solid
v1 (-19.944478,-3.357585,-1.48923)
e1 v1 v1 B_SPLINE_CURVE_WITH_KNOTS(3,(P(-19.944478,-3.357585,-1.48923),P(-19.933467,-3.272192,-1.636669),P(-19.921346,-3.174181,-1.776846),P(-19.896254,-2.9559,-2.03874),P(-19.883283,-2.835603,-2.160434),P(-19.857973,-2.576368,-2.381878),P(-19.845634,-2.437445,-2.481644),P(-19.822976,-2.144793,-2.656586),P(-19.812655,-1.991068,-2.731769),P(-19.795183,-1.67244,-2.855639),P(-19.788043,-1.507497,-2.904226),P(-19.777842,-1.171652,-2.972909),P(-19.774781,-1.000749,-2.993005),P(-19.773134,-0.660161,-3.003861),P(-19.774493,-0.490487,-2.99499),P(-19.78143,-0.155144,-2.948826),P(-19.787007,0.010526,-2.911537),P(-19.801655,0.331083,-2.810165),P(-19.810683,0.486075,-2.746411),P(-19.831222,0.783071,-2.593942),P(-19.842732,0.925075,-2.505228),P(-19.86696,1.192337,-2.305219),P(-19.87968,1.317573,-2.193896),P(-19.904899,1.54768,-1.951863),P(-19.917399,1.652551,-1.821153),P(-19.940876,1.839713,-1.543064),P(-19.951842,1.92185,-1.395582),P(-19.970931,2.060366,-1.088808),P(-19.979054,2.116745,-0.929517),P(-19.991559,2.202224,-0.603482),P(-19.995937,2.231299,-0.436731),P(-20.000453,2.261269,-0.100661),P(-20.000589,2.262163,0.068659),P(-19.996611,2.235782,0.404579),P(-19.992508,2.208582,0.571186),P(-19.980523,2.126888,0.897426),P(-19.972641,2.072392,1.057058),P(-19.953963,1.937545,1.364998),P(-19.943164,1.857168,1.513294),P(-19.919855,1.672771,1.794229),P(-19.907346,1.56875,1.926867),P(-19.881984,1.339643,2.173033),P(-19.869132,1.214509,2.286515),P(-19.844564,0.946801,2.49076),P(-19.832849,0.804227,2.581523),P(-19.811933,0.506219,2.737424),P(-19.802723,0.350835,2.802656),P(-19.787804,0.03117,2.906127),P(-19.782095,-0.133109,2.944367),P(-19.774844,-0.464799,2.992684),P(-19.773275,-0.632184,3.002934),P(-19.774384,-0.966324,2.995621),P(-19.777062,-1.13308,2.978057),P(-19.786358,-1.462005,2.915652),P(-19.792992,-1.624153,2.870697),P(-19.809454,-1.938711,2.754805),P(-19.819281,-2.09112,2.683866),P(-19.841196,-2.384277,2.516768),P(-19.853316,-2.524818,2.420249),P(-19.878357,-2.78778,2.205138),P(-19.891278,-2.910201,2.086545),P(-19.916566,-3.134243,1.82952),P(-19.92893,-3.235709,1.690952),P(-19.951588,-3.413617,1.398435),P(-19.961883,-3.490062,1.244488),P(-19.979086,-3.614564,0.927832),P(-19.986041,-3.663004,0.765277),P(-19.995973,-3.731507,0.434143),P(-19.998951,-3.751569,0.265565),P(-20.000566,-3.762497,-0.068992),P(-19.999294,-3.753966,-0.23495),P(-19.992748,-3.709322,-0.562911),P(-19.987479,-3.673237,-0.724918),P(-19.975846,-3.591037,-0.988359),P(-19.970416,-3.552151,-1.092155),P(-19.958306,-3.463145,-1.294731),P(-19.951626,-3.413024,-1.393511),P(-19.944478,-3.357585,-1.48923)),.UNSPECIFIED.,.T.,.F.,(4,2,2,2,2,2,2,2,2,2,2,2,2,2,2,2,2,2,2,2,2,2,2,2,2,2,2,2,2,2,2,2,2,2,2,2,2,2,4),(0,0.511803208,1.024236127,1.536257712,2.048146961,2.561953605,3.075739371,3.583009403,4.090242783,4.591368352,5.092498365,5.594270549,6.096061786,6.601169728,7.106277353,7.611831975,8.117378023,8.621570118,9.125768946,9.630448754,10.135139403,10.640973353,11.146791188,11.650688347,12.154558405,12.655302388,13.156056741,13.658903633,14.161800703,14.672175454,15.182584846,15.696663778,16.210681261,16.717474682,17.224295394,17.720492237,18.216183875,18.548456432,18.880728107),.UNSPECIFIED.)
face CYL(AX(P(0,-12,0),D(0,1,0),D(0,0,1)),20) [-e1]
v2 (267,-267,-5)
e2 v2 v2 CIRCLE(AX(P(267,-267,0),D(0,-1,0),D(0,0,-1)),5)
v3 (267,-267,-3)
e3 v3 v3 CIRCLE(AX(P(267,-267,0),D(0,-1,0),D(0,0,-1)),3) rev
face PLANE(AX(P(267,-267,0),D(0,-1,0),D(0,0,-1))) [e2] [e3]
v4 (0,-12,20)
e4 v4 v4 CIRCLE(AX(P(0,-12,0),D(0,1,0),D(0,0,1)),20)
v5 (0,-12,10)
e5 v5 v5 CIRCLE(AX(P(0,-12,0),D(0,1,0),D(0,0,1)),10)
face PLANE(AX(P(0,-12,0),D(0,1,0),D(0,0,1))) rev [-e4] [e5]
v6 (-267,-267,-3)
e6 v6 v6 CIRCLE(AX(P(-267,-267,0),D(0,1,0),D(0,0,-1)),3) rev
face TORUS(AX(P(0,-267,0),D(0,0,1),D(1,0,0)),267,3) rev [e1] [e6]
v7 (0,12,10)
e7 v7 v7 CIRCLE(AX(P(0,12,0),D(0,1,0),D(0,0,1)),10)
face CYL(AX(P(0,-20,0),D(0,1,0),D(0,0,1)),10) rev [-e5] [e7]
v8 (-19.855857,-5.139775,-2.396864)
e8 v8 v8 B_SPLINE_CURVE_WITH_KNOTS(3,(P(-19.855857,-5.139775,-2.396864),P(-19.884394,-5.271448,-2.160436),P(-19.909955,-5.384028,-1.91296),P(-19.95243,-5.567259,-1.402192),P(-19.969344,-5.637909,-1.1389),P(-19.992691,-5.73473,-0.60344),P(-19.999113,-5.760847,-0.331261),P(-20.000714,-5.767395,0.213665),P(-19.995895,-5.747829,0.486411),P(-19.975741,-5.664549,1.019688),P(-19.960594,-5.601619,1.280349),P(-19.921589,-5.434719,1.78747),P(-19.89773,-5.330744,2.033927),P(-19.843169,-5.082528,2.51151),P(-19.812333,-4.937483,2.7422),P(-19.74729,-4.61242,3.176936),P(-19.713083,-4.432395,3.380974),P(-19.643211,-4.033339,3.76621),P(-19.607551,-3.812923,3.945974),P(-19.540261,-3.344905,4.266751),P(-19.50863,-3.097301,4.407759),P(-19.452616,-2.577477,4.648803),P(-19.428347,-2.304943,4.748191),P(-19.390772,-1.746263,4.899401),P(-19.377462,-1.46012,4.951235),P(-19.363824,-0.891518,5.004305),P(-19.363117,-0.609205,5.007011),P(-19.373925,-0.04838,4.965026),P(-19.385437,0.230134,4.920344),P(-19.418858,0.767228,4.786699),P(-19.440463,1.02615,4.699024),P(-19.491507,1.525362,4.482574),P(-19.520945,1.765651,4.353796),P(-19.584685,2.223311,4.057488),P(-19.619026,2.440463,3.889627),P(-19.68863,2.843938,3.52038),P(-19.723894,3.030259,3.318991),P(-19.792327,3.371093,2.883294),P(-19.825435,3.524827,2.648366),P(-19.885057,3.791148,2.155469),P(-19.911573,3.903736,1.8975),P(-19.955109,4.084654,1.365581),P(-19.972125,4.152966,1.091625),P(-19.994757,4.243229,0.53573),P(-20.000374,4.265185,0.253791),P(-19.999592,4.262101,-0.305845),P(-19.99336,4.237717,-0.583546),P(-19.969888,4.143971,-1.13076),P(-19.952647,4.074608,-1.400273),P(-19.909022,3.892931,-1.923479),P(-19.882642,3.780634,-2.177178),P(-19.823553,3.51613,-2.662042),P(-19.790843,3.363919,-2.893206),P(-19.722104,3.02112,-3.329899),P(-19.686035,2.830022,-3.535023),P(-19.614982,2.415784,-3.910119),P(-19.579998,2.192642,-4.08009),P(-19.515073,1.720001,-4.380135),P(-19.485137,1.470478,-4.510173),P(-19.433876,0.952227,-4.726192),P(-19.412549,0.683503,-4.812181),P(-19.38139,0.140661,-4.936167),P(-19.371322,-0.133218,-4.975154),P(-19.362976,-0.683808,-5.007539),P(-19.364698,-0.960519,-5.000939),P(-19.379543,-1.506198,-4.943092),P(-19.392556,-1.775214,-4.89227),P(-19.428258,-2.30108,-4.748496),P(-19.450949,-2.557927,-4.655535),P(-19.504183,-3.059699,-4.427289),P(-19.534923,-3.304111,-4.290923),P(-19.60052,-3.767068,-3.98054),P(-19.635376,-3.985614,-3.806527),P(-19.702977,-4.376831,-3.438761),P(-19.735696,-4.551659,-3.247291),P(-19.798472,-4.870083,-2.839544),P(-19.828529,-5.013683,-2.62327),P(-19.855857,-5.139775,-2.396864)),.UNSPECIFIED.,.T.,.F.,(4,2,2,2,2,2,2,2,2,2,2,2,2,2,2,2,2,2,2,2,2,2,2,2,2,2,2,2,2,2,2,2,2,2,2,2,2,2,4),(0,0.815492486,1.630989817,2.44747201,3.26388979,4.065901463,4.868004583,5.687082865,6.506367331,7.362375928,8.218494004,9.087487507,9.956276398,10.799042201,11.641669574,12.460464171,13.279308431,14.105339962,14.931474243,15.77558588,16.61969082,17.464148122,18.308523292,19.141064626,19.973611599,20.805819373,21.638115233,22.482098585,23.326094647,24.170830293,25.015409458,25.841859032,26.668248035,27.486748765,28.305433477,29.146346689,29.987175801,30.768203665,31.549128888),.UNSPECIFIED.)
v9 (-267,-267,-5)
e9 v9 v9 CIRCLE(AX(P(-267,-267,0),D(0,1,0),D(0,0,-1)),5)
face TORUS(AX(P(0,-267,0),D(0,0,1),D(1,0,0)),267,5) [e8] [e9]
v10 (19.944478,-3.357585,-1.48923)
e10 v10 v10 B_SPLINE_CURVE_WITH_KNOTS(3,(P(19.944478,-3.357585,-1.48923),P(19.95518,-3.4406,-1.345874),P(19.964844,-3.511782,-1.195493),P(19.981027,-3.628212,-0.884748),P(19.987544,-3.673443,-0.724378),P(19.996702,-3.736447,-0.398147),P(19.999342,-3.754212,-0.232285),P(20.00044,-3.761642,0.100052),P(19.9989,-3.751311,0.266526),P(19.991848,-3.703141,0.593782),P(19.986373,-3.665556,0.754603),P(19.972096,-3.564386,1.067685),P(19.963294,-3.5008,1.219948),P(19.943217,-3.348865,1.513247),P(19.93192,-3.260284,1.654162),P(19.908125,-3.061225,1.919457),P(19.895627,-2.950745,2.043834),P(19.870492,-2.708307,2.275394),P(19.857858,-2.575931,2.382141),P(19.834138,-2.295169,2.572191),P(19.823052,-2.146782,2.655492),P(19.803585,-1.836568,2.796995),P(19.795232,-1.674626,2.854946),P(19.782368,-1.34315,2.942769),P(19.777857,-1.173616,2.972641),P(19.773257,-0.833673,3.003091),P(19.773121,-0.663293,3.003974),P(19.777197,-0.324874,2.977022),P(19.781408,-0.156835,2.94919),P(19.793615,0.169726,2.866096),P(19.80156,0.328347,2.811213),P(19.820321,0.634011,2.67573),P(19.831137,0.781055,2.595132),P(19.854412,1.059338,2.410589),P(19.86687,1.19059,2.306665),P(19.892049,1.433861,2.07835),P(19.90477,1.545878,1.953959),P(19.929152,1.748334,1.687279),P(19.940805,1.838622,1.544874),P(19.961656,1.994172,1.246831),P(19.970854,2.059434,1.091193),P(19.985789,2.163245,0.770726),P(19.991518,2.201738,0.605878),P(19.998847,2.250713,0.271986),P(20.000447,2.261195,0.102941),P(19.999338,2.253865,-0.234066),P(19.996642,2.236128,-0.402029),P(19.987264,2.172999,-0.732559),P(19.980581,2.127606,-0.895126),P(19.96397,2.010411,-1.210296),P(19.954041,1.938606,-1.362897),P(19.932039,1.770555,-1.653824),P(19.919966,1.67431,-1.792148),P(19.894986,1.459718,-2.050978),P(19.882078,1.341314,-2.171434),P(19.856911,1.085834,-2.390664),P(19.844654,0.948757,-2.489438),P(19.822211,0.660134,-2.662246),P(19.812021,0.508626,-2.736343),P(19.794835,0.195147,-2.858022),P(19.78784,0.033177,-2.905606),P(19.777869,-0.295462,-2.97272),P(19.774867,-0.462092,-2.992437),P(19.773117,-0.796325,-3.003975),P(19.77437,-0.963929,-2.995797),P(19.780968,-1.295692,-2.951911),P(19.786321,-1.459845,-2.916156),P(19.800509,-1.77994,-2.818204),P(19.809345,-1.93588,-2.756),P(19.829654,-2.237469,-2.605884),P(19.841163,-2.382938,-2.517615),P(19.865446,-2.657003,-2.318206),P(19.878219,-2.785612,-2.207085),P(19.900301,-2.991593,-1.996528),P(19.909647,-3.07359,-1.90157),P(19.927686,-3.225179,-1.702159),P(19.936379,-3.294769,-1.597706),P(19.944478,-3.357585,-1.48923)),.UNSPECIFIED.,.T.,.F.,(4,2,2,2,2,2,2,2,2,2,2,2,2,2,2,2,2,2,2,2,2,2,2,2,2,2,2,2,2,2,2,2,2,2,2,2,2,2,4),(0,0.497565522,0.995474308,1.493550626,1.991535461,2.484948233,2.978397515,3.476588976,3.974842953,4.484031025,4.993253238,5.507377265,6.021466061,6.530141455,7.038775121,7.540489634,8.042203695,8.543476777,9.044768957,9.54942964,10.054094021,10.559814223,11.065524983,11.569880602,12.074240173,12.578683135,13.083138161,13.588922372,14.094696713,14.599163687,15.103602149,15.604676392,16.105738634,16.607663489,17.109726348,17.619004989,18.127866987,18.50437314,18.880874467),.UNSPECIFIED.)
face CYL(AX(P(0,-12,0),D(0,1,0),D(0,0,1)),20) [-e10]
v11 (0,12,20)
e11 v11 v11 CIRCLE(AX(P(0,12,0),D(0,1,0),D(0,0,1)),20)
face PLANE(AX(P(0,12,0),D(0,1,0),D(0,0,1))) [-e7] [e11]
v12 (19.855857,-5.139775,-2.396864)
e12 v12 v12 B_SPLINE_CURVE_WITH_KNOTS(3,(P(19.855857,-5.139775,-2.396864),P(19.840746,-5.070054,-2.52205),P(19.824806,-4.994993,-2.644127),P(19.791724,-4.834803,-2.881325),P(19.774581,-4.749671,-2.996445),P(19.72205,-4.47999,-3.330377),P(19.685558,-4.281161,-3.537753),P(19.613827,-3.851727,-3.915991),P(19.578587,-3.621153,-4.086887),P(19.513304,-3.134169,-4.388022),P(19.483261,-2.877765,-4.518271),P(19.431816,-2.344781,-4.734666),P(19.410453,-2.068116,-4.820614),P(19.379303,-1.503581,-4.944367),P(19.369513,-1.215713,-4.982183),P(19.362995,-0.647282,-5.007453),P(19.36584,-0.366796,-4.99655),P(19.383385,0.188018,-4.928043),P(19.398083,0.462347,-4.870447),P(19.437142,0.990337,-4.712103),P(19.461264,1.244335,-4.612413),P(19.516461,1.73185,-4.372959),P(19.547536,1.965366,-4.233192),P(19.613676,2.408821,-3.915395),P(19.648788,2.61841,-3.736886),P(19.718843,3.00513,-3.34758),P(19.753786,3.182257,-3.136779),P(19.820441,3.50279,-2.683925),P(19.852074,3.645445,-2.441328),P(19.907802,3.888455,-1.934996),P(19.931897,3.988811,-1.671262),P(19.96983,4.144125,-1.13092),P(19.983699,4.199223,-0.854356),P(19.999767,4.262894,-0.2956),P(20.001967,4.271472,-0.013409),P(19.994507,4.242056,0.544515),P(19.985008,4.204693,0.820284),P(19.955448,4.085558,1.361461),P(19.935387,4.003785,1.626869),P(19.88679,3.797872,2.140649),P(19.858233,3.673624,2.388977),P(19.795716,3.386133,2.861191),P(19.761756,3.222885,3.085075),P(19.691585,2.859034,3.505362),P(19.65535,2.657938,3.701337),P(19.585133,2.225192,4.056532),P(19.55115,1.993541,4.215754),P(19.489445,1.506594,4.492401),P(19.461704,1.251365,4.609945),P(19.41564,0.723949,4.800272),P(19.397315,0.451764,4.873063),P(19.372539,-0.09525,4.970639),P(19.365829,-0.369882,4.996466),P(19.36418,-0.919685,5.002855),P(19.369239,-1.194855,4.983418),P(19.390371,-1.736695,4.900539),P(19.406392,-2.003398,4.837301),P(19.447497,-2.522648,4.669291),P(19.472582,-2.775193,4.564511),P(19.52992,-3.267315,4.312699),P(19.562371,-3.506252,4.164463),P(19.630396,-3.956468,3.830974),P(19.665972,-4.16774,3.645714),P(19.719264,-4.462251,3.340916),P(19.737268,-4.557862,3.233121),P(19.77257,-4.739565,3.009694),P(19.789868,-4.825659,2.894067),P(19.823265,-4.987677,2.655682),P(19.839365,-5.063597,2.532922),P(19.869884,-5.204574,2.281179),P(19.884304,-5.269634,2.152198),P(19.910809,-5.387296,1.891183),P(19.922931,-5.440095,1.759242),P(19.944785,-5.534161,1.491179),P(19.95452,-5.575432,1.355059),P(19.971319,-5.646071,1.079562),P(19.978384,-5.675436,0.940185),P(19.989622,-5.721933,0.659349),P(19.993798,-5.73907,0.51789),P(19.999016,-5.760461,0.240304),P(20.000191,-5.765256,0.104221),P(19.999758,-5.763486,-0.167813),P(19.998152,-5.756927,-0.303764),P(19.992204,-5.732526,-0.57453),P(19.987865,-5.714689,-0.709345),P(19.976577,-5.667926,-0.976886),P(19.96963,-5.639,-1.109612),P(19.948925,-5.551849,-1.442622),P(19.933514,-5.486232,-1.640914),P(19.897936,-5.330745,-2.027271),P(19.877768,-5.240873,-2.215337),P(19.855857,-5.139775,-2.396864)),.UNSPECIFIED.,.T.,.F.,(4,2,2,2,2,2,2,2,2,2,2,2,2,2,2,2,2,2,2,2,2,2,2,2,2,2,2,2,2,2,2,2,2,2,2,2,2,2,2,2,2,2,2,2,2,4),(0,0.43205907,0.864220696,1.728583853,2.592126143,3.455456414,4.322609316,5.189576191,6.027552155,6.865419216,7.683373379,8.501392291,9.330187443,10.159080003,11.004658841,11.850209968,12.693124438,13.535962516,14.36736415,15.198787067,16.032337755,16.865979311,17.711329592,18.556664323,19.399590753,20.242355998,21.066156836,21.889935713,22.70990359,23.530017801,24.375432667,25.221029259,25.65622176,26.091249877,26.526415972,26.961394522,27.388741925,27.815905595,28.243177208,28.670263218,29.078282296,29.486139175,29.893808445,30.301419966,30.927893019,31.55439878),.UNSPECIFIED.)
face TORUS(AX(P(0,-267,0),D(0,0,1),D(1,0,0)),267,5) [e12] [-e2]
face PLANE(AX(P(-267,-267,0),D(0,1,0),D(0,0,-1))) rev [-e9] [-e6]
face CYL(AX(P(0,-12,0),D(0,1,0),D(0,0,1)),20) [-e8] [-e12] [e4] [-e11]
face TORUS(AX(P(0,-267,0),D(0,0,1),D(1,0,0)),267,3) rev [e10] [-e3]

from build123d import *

# Parameters (mm, degrees)
SKETCH2_R                = 5
SKETCH2_R_2              = 3
BOSS_EXTRUDE1_DEPTH      = 12
BOSS_EXTRUDE1_DEPTH_BACK = 12
SKETCH3_R                = 20
SKETCH4_R                = 10
CUT_EXTRUDE1_DEPTH       = 32


with BuildPart() as part:
    # Sweep1: sweep along a path in Sketch1
    with BuildLine(Plane.XY) as sweep1_path:
        ThreePointArc((-267, -267), (0, 0), (267, -267))
    # Sketch2 → Sweep1 (sweep)
    with BuildSketch(Plane(origin=(0, 0, 0), x_dir=(0, 0, -1), z_dir=(1, 0, 0))):
        Circle(SKETCH2_R)
        Circle(SKETCH2_R_2, mode=Mode.SUBTRACT)
    sweep(path=sweep1_path.line)

    # Sketch3 → Boss-Extrude1 (add, two sides: drawn at the far end of the back side and taken through both)
    with BuildSketch(Plane(origin=(0, 0, 0), x_dir=(1, 0, 0), z_dir=(0, 1, 0)).offset(-BOSS_EXTRUDE1_DEPTH_BACK)):
        with Locations(Location((0, 0, 0), (0, 0, 270))):
            Circle(SKETCH3_R)
    extrude(amount=BOSS_EXTRUDE1_DEPTH + BOSS_EXTRUDE1_DEPTH_BACK)

    # Sketch4 → Cut-Extrude1 (cut)
    with BuildSketch(Plane(origin=(0, 12, 0), x_dir=(1, 0, 0), z_dir=(0, 1, 0))):
        with Locations(Location((0, 0, 0), (0, 0, 270))):
            Circle(SKETCH4_R)
    extrude(amount=-CUT_EXTRUDE1_DEPTH, mode=Mode.SUBTRACT)


solid = part.part
